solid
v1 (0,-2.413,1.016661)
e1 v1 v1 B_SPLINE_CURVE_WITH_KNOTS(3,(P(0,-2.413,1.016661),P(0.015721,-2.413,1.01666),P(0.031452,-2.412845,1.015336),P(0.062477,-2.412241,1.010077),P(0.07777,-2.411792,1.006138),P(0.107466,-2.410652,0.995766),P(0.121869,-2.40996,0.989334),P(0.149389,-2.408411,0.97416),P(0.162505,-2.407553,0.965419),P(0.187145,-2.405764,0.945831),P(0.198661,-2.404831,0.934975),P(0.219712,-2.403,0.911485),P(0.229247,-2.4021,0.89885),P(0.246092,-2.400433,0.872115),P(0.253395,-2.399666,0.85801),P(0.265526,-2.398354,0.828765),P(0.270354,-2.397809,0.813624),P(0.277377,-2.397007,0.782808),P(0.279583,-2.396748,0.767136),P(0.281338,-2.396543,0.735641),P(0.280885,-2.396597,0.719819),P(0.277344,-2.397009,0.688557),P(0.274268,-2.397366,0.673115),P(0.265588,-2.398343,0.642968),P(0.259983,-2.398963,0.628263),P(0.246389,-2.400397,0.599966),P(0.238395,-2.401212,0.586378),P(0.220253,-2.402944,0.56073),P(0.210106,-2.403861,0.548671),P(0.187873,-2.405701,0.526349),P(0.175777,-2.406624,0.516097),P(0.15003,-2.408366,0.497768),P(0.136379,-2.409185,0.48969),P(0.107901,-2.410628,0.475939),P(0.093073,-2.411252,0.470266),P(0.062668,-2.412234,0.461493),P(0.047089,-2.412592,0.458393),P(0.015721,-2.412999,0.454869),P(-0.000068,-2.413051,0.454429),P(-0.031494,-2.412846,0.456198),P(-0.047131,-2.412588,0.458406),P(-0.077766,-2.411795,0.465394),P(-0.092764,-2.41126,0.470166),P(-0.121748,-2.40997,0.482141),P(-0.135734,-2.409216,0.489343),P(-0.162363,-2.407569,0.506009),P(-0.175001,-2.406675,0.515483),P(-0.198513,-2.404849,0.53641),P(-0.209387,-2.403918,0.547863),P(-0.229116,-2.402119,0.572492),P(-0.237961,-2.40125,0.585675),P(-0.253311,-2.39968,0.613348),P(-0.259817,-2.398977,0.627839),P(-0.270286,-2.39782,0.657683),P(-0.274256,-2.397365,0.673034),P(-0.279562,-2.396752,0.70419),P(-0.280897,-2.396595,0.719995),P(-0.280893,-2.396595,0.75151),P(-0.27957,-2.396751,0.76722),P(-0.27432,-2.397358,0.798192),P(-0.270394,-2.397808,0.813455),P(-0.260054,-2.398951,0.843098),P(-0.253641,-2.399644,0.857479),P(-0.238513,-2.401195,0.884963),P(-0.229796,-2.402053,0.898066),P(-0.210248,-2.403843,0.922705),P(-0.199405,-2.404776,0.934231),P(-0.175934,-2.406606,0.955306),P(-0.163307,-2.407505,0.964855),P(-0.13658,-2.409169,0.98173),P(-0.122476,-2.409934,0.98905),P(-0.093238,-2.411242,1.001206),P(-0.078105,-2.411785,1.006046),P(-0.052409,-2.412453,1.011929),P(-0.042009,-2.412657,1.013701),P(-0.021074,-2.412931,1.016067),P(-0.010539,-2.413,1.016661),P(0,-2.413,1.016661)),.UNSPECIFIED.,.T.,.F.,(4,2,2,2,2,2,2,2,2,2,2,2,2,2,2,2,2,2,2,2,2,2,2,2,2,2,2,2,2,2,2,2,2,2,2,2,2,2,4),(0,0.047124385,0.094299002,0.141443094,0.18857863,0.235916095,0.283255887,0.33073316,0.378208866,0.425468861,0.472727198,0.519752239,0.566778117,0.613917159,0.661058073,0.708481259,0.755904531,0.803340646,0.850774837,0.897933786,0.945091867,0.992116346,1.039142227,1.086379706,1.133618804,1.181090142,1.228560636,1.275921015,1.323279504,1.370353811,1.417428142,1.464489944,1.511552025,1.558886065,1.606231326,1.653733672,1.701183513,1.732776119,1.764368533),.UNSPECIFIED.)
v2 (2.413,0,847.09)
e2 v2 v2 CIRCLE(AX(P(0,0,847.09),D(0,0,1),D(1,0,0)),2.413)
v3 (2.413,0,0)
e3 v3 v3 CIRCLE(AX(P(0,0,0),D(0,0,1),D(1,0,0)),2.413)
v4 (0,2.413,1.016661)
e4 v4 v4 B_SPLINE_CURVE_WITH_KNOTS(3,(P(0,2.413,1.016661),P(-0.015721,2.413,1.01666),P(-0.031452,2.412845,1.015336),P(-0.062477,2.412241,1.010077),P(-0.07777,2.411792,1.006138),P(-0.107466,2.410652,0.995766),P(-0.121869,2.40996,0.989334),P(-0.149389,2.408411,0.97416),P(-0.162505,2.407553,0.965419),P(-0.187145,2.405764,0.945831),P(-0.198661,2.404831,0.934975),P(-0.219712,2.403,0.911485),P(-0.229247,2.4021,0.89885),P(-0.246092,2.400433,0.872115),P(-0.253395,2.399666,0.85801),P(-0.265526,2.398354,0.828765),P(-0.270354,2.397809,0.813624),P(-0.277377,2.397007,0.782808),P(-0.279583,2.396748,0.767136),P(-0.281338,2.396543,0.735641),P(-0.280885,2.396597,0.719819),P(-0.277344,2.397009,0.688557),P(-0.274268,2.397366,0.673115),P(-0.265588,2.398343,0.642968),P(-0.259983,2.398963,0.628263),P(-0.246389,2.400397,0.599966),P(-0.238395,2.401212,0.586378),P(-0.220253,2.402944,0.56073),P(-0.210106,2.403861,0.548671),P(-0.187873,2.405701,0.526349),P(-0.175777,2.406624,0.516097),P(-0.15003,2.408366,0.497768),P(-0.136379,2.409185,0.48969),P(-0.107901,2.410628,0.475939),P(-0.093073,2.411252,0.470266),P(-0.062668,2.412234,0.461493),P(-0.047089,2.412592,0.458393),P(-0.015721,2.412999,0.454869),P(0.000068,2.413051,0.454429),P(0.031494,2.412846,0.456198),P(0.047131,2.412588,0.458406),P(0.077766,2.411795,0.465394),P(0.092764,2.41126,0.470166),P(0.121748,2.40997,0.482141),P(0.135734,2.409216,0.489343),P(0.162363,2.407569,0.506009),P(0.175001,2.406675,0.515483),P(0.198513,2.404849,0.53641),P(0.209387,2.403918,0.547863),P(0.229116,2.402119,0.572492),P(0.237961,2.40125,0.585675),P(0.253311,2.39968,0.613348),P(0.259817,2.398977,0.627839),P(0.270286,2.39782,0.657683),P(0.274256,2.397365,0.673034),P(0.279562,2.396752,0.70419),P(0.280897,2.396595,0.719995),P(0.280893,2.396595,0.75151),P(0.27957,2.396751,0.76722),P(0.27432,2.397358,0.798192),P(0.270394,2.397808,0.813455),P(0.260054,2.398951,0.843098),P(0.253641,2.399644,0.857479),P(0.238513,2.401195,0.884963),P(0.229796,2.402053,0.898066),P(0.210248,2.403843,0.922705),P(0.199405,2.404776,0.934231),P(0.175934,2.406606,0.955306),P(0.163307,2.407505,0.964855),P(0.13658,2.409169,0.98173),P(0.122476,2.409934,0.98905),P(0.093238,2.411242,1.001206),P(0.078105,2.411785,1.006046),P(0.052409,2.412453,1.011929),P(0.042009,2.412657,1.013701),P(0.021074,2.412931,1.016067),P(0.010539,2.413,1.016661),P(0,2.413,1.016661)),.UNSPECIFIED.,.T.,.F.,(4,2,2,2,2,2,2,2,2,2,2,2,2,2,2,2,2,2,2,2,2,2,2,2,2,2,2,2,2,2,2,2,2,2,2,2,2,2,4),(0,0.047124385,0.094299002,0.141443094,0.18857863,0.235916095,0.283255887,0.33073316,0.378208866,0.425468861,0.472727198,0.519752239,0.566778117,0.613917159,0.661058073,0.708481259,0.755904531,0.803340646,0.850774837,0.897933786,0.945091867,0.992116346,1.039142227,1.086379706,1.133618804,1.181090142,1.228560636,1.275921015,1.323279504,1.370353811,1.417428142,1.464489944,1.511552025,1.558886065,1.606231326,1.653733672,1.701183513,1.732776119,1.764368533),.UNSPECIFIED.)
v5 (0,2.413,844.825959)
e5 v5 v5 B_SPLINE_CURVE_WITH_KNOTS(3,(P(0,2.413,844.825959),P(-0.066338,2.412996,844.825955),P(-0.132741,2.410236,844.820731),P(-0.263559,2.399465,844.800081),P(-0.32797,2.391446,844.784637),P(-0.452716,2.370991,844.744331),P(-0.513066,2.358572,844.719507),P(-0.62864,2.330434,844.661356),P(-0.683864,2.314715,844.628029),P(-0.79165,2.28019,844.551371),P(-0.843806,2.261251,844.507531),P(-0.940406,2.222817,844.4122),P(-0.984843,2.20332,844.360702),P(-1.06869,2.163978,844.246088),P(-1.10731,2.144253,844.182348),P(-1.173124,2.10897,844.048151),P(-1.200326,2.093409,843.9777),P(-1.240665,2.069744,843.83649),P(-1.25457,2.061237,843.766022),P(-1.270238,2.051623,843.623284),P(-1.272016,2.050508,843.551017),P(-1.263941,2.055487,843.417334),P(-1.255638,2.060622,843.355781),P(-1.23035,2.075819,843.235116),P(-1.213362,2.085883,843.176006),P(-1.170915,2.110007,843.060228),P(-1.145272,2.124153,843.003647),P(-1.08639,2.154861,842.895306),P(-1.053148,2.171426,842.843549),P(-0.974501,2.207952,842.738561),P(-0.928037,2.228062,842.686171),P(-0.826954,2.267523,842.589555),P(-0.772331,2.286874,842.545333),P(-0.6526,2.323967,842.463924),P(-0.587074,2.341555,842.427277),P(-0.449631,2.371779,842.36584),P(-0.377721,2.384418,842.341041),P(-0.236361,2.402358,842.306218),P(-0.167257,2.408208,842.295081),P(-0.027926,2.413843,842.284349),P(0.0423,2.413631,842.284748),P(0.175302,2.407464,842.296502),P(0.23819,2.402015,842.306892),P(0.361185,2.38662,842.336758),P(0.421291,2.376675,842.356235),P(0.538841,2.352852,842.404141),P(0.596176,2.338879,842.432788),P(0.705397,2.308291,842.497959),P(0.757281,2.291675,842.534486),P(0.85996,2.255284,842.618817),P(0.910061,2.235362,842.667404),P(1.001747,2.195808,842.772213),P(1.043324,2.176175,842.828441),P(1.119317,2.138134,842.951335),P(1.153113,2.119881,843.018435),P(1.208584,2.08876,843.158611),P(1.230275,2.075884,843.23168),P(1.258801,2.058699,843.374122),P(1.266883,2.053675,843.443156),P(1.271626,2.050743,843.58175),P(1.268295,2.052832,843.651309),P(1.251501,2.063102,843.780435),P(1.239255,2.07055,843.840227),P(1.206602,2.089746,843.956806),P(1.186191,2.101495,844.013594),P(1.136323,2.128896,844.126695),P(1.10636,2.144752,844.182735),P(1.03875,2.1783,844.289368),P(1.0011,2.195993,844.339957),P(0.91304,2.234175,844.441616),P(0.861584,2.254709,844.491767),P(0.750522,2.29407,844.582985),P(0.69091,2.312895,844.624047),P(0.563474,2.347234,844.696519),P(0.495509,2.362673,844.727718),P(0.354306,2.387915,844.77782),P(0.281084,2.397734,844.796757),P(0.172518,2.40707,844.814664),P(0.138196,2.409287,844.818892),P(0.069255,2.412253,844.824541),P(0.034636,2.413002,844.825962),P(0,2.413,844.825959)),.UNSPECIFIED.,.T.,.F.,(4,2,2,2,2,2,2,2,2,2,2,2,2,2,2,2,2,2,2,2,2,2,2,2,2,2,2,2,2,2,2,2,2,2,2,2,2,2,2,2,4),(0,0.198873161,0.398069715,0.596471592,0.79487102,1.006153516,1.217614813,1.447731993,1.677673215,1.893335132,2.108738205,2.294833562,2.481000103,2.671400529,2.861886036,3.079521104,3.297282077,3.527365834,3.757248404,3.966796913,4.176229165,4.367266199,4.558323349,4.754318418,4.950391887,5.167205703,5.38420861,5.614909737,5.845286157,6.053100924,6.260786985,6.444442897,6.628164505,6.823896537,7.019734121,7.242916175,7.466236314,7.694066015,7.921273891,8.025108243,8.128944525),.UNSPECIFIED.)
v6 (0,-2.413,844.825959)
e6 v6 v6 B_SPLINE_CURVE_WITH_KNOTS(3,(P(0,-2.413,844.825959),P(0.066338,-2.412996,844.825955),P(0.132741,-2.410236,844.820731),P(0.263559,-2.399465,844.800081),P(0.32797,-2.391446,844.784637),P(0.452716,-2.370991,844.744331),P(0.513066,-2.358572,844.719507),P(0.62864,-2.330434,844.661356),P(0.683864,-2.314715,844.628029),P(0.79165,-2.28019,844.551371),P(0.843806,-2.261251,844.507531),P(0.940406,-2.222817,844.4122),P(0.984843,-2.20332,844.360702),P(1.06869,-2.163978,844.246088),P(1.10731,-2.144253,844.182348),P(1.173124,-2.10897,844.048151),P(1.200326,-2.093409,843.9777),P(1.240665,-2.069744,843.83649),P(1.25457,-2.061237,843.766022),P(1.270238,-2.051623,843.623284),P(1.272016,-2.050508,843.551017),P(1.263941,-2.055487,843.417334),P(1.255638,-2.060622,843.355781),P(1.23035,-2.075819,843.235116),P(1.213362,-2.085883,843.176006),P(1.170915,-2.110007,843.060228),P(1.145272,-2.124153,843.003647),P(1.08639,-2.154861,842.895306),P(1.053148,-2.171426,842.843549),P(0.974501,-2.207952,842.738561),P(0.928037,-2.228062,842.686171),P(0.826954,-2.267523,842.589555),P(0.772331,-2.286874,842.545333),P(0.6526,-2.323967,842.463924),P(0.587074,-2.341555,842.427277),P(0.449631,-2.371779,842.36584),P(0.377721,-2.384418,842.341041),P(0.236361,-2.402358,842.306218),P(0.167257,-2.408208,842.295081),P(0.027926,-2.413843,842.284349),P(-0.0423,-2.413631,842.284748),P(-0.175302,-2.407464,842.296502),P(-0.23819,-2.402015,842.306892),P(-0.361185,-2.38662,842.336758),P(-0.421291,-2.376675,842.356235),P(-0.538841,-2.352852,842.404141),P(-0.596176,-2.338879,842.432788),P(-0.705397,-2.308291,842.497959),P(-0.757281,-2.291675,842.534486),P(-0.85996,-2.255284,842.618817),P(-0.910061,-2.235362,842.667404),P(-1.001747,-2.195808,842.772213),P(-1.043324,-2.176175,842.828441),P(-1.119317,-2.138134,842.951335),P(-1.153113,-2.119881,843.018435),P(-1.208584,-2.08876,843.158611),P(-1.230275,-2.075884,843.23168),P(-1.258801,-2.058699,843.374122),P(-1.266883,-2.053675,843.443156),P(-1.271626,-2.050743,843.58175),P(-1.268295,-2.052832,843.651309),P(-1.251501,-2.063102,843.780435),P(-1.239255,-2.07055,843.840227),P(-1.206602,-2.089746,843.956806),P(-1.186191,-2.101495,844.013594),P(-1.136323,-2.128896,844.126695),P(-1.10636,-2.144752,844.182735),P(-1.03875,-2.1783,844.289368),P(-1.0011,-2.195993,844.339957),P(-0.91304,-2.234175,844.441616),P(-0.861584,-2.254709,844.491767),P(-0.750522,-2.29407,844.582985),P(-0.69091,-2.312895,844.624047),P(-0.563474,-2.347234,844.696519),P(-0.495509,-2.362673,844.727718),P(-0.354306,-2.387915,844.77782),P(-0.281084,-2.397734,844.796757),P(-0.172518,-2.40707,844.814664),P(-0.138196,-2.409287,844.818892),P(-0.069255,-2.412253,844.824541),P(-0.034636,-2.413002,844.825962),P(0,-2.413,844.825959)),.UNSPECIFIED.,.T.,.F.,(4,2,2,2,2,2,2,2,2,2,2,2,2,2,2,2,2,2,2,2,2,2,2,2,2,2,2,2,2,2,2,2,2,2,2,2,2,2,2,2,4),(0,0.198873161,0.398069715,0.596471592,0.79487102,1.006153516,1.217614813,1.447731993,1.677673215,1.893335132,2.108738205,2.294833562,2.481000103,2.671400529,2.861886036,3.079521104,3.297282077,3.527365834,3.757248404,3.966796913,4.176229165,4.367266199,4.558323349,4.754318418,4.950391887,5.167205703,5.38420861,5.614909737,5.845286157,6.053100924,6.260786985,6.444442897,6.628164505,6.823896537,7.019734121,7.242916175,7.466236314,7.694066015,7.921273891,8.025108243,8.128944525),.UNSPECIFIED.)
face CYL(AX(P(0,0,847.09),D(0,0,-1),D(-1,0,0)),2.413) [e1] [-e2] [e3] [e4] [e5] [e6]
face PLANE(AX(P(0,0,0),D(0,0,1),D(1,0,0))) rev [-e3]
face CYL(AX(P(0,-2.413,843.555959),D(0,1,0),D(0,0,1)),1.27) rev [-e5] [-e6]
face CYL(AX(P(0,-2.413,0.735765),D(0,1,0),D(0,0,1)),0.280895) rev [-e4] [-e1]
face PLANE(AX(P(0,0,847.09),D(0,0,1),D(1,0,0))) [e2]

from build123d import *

# Parameters (mm, degrees)
SKETCH1_R               = 2.413
BOSS_EXTRUDE1_DEPTH     = 847.09
SKETCH2_R               = 1.27
SKETCH2_R_2             = 0.28089526
CUT_EXTRUDE1_DEPTH      = 3.413
CUT_EXTRUDE1_DEPTH_BACK = 3.413


with BuildPart() as part:
    # Sketch1 → Boss-Extrude1 (new body)
    with BuildSketch(Plane.XY):
        Circle(SKETCH1_R)
    extrude(amount=BOSS_EXTRUDE1_DEPTH)

    # Sketch2 → Cut-Extrude1 (cut, two sides)
    with BuildSketch(Plane(origin=(0, 0, 0), x_dir=(1, 0, 0), z_dir=(0, 1, 0))) as cut_extrude1_sk:
        with Locations((0, -843.555959397)):
            Circle(SKETCH2_R)
        with Locations((0, -0.735765283)):
            Circle(SKETCH2_R_2)
    extrude(amount=CUT_EXTRUDE1_DEPTH, mode=Mode.SUBTRACT)
    extrude(cut_extrude1_sk.sketch, amount=-CUT_EXTRUDE1_DEPTH_BACK, mode=Mode.SUBTRACT)


solid = part.part
